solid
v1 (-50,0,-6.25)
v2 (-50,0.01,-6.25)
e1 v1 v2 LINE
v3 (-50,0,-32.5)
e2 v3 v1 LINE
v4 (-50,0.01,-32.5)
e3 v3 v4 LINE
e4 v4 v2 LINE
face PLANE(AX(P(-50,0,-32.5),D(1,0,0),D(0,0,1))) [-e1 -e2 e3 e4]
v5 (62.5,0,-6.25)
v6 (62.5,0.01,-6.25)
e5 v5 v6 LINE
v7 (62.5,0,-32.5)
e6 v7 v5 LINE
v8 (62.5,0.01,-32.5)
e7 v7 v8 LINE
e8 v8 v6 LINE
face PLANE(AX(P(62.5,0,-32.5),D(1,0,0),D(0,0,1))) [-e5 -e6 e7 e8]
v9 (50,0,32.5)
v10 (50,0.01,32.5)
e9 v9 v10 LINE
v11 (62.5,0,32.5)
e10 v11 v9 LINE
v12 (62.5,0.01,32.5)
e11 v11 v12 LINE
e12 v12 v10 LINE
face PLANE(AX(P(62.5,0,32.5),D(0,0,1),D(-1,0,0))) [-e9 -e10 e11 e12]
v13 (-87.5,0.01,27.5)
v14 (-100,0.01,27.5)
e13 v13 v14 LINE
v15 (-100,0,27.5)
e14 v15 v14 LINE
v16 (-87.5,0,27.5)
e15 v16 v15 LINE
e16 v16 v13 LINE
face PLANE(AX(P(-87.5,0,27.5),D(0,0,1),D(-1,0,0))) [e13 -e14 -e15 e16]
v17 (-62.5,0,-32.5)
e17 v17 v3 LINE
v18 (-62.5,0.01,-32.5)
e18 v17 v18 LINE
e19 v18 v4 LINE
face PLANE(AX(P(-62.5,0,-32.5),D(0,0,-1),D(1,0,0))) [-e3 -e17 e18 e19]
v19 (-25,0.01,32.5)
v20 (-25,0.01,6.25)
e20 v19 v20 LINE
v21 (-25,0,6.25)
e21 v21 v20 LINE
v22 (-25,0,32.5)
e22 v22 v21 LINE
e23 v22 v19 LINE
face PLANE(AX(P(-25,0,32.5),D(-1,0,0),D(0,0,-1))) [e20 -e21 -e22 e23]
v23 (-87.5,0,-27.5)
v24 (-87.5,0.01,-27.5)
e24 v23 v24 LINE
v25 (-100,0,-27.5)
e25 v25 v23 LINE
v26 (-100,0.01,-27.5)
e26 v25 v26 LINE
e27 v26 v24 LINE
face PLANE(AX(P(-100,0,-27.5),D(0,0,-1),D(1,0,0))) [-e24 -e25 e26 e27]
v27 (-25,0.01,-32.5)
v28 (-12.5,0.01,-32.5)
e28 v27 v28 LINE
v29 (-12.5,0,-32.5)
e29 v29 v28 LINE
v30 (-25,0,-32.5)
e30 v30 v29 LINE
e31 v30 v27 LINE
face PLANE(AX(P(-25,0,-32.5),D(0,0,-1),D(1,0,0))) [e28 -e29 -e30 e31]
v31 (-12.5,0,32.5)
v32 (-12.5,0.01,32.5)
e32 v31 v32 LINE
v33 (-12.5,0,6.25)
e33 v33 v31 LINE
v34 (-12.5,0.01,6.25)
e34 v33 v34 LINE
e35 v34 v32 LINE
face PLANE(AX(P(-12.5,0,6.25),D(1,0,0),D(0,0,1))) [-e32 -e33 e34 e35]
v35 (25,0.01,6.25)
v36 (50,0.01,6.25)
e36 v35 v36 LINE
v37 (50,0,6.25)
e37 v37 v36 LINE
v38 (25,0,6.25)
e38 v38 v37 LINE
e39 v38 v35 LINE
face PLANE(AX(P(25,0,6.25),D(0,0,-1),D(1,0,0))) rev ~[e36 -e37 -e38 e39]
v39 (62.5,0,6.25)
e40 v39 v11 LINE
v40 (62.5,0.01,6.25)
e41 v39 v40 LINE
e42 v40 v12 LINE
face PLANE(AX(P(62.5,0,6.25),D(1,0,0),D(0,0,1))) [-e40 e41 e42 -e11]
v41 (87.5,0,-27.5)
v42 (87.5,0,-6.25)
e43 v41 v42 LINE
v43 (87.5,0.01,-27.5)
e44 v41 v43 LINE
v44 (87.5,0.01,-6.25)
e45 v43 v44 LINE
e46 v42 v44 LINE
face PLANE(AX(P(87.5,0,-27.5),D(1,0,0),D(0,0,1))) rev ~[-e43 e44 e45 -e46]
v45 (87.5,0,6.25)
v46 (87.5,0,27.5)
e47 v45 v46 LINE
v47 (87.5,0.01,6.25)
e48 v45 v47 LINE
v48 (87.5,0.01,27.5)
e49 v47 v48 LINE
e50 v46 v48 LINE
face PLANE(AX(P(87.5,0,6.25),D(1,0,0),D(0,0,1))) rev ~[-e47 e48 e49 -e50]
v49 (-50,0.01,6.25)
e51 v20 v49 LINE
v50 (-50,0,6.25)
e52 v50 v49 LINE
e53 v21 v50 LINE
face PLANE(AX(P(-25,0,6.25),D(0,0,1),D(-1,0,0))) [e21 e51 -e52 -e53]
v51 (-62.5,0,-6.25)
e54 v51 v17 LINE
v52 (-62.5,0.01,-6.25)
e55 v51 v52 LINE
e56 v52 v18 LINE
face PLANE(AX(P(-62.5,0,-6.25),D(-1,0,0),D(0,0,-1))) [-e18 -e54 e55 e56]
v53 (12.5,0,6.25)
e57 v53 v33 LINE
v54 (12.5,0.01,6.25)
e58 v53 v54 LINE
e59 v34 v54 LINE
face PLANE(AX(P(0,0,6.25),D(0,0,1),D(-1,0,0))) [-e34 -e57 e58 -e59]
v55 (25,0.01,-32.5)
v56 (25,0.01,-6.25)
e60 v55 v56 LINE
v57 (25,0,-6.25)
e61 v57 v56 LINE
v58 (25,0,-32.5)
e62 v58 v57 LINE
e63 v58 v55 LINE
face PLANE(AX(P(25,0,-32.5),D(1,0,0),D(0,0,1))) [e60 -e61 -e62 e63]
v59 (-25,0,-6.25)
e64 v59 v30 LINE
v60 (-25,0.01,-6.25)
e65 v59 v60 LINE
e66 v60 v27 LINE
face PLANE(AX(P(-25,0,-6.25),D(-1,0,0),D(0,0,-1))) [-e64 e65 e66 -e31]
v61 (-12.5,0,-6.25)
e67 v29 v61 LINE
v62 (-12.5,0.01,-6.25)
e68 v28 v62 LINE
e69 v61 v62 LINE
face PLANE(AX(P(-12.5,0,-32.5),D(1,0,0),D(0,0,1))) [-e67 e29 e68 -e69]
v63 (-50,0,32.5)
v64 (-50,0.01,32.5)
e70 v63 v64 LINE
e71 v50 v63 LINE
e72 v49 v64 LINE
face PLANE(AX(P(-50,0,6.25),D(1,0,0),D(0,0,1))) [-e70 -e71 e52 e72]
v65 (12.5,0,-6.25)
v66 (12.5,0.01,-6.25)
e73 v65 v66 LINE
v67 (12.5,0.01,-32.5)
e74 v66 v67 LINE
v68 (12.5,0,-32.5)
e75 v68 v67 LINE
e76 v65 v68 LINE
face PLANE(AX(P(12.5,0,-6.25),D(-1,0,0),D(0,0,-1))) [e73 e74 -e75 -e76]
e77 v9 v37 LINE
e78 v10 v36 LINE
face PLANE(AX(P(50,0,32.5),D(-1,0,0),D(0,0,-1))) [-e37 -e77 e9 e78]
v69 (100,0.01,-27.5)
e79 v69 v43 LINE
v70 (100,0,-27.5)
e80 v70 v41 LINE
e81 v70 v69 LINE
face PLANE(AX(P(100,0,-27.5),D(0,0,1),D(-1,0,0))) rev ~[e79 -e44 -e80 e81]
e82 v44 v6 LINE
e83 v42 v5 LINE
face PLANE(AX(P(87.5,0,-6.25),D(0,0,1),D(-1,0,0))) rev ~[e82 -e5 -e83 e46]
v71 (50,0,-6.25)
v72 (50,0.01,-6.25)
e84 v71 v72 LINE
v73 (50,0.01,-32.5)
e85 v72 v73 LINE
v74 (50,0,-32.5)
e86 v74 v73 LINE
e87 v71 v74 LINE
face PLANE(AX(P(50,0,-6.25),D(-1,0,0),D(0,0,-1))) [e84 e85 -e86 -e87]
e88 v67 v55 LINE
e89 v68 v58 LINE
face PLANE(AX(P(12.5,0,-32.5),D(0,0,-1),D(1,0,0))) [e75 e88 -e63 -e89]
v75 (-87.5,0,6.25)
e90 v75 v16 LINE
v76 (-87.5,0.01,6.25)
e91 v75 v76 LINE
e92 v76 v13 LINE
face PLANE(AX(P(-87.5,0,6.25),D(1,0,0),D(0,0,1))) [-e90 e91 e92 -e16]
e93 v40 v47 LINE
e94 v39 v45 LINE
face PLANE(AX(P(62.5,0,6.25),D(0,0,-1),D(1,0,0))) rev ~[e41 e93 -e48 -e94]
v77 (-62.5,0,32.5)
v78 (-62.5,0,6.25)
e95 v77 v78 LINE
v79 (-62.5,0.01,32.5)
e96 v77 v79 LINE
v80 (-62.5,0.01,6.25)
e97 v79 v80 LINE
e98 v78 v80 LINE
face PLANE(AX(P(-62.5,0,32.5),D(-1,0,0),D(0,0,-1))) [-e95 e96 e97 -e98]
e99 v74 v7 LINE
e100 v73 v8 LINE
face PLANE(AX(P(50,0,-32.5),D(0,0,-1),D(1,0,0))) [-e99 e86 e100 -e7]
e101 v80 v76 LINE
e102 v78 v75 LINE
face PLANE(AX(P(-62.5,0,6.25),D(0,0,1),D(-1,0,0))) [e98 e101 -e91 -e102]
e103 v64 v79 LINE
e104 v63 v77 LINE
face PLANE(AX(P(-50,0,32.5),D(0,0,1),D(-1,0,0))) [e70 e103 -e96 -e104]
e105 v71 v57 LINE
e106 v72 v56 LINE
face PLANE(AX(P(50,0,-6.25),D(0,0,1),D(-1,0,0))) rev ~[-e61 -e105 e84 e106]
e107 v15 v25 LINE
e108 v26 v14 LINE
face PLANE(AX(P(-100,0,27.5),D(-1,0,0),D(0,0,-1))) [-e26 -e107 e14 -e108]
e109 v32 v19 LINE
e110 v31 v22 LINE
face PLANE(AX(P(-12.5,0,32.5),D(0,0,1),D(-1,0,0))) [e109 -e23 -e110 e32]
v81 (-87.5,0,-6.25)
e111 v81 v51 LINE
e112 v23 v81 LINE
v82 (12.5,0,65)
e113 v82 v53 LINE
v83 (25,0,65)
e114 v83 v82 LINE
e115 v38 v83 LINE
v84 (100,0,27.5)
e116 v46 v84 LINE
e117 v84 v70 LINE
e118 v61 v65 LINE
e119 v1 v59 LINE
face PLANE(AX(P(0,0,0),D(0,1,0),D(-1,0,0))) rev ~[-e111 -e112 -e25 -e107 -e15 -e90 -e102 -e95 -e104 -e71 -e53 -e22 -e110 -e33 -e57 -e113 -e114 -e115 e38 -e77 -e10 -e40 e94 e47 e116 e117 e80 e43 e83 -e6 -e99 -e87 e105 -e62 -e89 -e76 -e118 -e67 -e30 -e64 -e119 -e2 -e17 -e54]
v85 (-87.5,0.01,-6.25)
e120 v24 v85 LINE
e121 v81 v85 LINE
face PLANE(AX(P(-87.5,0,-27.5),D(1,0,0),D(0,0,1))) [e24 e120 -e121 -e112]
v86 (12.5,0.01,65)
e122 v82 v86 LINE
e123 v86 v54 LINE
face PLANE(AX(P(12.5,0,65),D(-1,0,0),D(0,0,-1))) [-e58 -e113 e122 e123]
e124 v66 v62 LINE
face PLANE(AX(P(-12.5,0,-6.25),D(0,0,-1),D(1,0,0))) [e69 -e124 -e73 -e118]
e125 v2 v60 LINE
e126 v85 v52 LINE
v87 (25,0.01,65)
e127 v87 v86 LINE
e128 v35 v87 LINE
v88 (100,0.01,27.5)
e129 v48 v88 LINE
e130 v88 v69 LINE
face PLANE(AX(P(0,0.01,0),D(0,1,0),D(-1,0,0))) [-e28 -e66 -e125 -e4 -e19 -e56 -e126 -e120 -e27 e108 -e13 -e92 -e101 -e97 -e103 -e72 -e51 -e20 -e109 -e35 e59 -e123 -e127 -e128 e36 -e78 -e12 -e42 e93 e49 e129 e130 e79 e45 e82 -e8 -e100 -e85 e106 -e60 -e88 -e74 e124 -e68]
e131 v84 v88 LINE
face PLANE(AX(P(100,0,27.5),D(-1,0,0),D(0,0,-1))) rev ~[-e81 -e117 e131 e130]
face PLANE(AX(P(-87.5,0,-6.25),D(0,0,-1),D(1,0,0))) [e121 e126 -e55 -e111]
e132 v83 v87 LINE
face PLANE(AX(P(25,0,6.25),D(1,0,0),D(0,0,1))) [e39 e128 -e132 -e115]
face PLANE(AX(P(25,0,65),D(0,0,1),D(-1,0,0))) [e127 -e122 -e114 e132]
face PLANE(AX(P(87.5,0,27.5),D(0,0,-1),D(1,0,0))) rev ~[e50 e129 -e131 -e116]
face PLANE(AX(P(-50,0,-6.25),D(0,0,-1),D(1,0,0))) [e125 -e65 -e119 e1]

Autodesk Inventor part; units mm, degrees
ref_plane "YZ Plane" through (0, 0, 0) normal (1, 0, 0) x (0, 1, 0)
ref_plane "XZ Plane" through (0, 0, 0) normal (0, 1, 0) x (-1, 0, 0)
ref_plane "XY Plane" through (0, 0, 0) normal (0, 0, 1) x (1, 0, 0)
sketch "Sketch1" plane through (0, 0, 0) normal (0, 1, 0) x (-1, 0, 0)
  line L0 (87.5, 6.25) -> (87.5, 27.5)
  line L1 (87.5, 27.5) -> (100, 27.5)
  line L2 (100, 27.5) -> (100, -27.5)
  line L3 (100, -27.5) -> (87.5, -27.5)
  line L4 (87.5, -27.5) -> (87.5, -6.25)
  line L5 (0, 31.6943) -> (0, -31.6996)
  line L6 (0, 0) -> (100, 0)
  line L7 (-87.5, 6.25) -> (-87.5, 27.5)
  line L8 (-87.5, 27.5) -> (-100, 27.5)
  line L9 (-100, 27.5) -> (-100, -27.5)
  line L10 (-100, -27.5) -> (-87.5, -27.5)
  line L11 (-87.5, -27.5) -> (-87.5, -6.25)
  line L12 (62.5, -32.5) -> (50, -32.5)
  line L13 (50, 32.5) -> (62.5, 32.5)
  line L14 (62.5, 32.5) -> (62.5, 6.25)
  line L15 (62.5, -6.25) -> (62.5, -32.5)
  line L16 (87.5, -6.25) -> (62.5, -6.25)
  line L17 (50, -32.5) -> (50, -6.25)
  line L18 (50, 6.25) -> (50, 32.5)
  line L19 (62.5, 6.25) -> (87.5, 6.25)
  line L20 (25, -32.5) -> (12.5, -32.5)
  line L21 (12.5, 32.5) -> (25, 32.5)
  line L22 (25, 32.5) -> (25, 6.25)
  line L23 (25, -6.25) -> (25, -32.5)
  line L24 (12.5, -32.5) -> (12.5, -6.25)
  line L25 (12.5, 6.25) -> (12.5, 32.5)
  line L26 (-12.5, -32.5) -> (-25, -32.5)
  line L27 (-25, 65) -> (-12.5, 65)
  line L28 (-50, -32.5) -> (-62.5, -32.5)
  line L29 (-50, -6.25) -> (-50, -32.5)
  line L30 (-62.5, -32.5) -> (-62.5, -6.25)
  line L31 (-50, 32.5) -> (-50, 6.25)
  line L32 (-62.5, 6.25) -> (-62.5, 32.5)
  line L33 (-62.5, 32.5) -> (-50, 32.5)
  line L34 (50, -6.25) -> (25, -6.25)
  line L35 (12.5, -6.25) -> (0, -6.25)
  line L36 (0, 6.25) -> (12.5, 6.25)
  line L37 (25, 6.25) -> (50, 6.25)
  line L38 (0, 6.25) -> (-12.5, 6.25)
  line L39 (-12.5, -6.25) -> (0, -6.25)
  line L40 (-87.5, -6.25) -> (-62.5, -6.25)
  line L41 (-50, -6.25) -> (-25, -6.25)
  line L42 (-25, 6.25) -> (-50, 6.25)
  line L43 (-62.5, 6.25) -> (-87.5, 6.25)
  line L44 (-12.5, 65) -> (-12.5, 6.25)
  line L45 (-12.5, -6.25) -> (-12.5, -32.5)
  line L46 (-25, -32.5) -> (-25, -6.25)
  line L47 (-25, 6.25) -> (-25, 65)
  dimension "d1" = 55
  dimension "d2" = 12.5
  dimension "d4" = 100
  dimension "d5" = 65
  dimension "d7" = 25
  dimension "d8" = 12.5
  dimension "d11" = 37.5
  dimension "d17" = 97.5
  dimension "d18" = 12.5
  dimension "d21" = 75
  dimension "d26" = 25
extrude "Extrusion1" add sketch "Sketch1" along normal blind 0.01
properties part number "Trigger_Copper" material "Copper"
